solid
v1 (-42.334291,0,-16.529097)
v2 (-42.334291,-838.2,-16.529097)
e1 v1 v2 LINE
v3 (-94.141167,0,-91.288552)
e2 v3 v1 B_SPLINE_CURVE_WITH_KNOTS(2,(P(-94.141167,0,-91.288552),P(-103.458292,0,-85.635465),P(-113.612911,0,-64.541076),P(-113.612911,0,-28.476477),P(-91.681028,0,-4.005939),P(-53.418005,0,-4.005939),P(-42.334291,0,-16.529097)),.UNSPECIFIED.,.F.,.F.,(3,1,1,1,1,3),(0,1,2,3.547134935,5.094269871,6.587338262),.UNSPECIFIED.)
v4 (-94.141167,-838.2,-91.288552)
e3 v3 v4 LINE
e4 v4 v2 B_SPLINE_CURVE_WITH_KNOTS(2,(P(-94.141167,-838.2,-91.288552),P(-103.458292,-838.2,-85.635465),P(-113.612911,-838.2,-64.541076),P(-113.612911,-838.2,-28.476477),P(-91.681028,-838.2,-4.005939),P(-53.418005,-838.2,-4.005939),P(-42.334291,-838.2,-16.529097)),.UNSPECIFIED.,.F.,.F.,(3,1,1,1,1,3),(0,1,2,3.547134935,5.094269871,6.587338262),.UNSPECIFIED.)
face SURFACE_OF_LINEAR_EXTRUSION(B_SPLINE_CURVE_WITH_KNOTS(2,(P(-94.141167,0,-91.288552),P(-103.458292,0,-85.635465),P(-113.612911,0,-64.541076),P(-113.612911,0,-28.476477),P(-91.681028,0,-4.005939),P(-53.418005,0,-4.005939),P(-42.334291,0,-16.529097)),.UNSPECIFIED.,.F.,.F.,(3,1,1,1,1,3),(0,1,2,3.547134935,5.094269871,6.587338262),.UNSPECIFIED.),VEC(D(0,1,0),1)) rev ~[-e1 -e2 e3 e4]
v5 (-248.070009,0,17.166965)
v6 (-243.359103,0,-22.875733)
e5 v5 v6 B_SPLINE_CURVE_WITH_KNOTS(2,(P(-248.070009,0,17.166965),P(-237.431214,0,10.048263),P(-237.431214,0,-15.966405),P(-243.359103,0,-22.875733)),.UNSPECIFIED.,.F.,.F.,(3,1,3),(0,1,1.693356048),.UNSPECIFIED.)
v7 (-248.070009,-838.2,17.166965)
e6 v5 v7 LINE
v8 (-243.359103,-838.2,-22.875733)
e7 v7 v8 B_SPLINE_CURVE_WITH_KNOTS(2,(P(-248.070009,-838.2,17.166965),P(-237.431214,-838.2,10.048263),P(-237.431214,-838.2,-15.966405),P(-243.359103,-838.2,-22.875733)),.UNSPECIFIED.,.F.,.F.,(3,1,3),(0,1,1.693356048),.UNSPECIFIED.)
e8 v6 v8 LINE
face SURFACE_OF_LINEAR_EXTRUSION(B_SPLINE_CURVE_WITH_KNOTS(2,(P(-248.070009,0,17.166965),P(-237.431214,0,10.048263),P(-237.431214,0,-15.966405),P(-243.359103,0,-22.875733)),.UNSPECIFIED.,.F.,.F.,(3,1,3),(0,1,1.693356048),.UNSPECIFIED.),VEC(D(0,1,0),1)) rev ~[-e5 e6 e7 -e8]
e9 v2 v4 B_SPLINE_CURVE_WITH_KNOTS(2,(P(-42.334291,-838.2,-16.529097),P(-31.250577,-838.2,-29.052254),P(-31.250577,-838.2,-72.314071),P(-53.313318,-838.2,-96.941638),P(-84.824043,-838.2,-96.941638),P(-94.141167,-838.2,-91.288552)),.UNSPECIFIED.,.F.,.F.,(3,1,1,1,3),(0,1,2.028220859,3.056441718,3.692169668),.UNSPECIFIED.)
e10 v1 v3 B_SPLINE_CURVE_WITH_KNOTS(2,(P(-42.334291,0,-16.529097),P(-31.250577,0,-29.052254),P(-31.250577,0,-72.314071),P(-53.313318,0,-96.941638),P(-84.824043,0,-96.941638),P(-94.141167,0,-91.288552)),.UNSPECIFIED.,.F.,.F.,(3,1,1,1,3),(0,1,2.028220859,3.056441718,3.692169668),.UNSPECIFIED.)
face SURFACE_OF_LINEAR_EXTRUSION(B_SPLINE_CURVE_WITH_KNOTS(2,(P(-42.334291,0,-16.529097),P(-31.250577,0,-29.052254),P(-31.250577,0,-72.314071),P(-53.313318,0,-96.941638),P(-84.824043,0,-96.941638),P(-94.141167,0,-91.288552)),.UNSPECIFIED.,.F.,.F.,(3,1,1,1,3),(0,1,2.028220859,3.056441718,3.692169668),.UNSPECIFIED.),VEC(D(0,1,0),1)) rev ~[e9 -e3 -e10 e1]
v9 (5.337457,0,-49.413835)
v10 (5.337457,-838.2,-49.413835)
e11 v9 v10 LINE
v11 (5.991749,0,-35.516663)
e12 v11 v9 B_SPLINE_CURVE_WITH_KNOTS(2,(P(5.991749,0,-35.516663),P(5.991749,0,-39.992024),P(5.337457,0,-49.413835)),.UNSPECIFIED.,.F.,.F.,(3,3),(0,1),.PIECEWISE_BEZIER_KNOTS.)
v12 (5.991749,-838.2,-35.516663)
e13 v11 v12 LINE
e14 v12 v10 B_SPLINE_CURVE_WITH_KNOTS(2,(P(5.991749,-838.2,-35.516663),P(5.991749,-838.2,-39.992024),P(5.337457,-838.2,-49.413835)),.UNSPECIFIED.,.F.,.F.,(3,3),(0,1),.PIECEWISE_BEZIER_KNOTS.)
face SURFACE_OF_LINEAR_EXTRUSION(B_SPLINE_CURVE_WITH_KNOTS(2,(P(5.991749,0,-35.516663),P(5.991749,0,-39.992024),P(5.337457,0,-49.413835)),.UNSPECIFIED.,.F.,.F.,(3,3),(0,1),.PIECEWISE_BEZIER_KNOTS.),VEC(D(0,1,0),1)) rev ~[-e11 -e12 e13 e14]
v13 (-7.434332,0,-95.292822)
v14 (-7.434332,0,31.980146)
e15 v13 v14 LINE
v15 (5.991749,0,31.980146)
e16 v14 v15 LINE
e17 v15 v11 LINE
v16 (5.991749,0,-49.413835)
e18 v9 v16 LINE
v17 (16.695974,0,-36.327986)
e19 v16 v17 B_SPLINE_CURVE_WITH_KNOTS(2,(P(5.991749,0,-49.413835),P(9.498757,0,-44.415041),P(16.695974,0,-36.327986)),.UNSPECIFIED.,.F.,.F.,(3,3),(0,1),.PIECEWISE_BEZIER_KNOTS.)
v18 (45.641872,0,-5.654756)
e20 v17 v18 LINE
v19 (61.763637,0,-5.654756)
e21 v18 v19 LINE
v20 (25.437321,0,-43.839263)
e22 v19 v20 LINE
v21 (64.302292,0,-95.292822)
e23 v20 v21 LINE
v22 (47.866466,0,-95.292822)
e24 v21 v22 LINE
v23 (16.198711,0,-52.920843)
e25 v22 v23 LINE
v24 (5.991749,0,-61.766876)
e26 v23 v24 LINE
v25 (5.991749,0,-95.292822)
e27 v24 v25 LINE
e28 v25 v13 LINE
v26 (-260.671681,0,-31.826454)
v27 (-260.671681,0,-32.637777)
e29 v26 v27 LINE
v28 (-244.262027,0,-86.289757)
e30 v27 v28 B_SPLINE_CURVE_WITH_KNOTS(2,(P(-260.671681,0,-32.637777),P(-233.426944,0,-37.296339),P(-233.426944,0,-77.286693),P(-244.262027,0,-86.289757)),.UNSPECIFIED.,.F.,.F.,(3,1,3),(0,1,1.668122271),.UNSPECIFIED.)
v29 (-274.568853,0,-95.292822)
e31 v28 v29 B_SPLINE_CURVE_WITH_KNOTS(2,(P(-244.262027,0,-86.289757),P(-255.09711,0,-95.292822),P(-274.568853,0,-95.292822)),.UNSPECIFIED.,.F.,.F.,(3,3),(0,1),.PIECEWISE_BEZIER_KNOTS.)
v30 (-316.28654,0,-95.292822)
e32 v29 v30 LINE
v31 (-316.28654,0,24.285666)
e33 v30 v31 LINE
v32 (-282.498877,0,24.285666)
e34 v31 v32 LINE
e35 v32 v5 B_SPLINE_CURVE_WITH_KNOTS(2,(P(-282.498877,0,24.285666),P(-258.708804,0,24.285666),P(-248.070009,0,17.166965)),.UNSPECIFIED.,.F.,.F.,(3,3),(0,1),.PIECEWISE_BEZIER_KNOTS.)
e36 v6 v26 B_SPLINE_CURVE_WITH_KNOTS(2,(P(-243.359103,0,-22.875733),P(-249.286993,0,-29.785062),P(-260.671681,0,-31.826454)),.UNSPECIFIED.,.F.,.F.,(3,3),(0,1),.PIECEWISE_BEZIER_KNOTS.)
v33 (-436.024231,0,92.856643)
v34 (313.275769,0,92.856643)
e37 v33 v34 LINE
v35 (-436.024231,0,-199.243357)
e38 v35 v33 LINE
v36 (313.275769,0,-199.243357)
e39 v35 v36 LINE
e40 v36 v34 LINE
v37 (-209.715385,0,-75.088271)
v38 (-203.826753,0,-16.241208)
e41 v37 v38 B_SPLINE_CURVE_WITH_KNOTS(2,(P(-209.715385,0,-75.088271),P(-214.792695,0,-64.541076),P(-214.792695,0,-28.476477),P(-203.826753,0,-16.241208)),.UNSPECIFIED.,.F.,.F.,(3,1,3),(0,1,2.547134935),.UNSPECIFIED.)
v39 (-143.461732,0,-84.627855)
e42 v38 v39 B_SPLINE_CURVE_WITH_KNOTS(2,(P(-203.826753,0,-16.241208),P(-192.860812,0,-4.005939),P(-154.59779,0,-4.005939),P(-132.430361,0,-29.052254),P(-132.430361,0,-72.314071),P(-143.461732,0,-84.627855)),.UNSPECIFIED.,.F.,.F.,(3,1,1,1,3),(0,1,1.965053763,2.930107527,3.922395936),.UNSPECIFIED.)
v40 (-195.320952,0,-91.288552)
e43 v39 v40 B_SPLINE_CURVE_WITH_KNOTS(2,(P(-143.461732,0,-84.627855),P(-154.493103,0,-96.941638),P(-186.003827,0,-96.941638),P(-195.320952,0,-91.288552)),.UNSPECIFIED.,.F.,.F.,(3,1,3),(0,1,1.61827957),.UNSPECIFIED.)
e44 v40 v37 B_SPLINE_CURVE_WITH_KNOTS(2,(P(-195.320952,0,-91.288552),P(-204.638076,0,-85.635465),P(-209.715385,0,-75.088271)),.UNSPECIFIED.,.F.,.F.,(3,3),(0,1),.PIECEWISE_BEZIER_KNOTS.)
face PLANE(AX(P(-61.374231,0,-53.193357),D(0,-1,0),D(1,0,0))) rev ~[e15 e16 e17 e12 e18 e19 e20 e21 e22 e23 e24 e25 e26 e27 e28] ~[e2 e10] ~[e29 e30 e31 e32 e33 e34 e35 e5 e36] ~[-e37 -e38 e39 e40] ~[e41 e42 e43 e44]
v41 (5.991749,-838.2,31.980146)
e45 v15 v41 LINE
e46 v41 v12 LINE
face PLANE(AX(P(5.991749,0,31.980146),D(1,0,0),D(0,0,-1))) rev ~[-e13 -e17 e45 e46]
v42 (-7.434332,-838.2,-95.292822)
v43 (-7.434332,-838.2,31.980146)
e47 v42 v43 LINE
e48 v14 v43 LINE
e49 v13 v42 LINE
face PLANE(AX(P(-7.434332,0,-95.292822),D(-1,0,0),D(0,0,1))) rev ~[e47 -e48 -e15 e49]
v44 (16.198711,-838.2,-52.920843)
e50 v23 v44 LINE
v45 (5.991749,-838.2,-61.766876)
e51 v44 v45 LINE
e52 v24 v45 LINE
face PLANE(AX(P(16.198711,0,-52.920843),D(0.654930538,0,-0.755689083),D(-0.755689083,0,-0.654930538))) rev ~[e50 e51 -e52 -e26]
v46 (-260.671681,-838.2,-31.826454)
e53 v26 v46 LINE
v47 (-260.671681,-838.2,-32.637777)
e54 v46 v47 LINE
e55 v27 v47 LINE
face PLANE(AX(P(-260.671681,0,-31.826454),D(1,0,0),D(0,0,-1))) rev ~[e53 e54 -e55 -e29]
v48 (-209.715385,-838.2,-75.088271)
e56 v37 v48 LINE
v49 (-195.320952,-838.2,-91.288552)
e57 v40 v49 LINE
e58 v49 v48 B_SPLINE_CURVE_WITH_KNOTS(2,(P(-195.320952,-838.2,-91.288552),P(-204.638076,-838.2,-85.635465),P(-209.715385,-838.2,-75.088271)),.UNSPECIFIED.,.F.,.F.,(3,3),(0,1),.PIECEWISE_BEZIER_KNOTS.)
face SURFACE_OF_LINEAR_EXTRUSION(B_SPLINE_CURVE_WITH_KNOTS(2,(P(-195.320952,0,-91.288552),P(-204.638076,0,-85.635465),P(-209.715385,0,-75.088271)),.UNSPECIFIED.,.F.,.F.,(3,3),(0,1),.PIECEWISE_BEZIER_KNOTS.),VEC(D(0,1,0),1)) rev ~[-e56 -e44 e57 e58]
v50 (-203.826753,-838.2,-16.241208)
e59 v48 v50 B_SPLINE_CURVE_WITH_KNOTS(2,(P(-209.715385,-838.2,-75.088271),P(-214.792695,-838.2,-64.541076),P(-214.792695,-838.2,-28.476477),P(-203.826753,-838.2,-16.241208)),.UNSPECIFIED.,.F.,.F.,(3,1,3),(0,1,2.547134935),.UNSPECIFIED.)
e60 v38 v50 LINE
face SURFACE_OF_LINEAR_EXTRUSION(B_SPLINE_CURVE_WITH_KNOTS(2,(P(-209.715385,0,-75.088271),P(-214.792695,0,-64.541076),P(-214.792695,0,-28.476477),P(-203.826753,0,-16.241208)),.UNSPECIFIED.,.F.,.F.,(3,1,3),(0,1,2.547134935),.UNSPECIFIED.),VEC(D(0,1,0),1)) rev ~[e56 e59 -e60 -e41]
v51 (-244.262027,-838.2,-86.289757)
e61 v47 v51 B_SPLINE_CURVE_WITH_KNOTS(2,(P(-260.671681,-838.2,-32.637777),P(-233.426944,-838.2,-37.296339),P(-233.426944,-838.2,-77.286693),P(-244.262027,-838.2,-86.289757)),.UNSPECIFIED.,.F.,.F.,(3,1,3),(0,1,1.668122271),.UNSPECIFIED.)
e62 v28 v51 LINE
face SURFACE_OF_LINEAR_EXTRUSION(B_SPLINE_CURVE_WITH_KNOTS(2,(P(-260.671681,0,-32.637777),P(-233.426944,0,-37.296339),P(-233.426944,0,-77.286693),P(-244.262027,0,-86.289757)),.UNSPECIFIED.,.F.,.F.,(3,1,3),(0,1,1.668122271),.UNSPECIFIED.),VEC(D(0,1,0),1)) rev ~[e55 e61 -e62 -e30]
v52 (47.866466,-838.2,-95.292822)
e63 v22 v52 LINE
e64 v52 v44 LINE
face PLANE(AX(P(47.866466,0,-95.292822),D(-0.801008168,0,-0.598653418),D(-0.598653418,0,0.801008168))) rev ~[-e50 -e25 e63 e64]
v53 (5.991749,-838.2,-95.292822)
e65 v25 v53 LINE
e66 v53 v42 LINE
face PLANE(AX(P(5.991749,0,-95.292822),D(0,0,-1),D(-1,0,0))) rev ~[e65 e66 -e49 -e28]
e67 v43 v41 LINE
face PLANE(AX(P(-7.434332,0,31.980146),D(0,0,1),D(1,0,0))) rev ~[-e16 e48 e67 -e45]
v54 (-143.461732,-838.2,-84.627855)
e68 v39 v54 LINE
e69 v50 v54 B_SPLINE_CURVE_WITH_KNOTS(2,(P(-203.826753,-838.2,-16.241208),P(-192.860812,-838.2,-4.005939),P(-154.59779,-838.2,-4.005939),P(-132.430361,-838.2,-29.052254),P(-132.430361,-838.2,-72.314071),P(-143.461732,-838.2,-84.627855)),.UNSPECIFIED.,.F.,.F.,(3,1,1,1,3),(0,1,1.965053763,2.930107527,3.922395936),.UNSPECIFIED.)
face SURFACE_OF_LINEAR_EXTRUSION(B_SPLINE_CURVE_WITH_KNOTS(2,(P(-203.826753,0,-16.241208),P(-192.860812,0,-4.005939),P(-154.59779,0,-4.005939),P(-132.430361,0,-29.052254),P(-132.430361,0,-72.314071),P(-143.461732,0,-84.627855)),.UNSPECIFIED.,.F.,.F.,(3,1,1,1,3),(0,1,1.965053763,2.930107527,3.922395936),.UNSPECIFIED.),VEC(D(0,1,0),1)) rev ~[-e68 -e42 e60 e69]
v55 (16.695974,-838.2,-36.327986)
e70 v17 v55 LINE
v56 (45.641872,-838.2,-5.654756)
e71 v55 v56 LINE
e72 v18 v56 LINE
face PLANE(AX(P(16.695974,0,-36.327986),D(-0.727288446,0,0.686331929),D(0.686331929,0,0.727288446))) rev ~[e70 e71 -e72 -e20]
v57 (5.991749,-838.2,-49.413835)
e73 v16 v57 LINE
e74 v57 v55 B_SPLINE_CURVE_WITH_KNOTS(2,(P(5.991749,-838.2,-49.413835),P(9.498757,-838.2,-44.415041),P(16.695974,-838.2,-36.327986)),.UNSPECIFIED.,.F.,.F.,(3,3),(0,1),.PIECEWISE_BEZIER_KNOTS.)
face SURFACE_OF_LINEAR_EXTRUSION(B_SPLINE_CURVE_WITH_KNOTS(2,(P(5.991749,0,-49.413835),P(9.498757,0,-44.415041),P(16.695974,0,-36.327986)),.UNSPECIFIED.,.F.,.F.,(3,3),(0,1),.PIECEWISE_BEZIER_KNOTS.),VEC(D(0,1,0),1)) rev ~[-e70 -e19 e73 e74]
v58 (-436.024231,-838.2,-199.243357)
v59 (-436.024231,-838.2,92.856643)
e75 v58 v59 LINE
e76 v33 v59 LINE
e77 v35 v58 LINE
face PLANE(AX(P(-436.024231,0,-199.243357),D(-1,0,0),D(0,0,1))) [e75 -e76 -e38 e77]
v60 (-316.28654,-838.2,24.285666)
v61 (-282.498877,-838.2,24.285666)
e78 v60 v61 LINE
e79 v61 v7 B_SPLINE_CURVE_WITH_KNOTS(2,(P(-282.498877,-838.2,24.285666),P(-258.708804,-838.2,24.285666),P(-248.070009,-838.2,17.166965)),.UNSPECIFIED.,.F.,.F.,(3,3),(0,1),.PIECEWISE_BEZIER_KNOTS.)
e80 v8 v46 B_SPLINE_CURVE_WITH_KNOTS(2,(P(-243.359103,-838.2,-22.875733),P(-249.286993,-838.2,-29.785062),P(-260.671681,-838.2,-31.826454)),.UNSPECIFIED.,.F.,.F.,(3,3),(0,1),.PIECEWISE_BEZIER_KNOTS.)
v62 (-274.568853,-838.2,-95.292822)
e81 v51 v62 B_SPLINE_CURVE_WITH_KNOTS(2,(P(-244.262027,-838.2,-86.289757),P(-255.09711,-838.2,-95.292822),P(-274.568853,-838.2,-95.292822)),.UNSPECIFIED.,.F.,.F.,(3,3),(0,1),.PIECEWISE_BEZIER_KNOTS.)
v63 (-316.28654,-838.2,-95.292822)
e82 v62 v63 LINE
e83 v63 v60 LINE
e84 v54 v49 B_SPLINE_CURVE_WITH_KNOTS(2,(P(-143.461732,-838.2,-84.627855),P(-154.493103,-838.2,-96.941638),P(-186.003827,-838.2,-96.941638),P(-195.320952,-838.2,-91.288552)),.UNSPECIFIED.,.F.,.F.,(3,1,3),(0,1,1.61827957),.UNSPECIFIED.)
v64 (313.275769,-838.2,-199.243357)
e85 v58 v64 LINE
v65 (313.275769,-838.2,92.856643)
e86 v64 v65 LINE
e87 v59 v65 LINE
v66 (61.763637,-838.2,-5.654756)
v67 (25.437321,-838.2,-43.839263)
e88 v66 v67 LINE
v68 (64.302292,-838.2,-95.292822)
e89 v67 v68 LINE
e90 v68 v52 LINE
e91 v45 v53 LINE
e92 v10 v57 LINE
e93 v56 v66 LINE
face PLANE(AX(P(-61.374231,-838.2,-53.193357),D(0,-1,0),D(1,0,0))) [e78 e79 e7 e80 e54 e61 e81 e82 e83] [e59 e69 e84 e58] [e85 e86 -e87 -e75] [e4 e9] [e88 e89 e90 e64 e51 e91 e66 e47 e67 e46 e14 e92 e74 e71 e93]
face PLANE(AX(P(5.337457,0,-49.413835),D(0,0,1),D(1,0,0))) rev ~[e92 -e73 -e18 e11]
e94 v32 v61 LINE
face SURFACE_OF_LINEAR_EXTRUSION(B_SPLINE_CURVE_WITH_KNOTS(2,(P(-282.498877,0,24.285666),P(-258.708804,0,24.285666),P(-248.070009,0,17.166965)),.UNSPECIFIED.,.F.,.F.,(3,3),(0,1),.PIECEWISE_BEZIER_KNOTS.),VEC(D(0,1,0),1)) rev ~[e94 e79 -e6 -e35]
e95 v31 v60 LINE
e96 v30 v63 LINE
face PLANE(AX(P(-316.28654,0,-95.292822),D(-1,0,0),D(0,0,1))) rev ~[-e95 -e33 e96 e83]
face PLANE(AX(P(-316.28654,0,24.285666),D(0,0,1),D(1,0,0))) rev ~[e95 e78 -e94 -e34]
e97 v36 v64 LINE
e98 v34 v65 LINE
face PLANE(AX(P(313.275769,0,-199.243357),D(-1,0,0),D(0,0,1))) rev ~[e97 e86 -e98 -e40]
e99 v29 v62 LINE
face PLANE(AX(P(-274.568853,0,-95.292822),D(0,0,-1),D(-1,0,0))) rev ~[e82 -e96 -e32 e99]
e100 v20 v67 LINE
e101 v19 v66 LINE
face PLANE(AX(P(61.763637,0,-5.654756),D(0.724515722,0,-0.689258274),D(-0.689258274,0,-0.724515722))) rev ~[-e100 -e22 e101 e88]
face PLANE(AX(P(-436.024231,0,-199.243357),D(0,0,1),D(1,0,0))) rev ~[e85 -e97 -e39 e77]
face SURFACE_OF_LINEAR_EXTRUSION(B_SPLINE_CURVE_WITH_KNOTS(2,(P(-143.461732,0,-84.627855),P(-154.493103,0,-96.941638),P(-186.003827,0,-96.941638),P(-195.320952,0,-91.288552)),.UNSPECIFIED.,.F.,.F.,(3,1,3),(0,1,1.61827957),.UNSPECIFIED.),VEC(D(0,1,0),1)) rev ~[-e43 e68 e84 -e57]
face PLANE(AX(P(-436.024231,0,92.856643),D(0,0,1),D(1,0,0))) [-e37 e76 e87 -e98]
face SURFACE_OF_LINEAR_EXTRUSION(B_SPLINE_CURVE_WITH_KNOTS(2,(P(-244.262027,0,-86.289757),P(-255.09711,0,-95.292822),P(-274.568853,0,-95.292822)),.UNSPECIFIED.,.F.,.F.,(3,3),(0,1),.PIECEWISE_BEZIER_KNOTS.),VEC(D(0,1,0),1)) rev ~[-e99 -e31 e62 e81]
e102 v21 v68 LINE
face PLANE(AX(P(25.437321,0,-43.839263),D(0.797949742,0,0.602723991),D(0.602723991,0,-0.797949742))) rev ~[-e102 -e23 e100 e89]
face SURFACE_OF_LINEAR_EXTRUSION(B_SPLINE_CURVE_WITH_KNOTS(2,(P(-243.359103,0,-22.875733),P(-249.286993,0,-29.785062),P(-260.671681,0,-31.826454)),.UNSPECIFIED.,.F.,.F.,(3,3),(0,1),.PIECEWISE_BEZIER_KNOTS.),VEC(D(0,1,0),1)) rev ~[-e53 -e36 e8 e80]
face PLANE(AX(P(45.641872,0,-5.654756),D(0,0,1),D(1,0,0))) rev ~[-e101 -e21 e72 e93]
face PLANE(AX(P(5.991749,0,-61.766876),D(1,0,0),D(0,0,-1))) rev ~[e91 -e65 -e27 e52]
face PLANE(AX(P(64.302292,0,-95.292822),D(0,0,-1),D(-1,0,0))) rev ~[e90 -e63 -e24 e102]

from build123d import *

# Parameters (mm, degrees)
F0_W     = 749.3
F0_H     = 292.1
F1_DEPTH = 838.2


with BuildPart() as f1:
    # F0 (on Front) → F1 (new body)
    with BuildSketch(Plane.XZ):
        with Locations((-61.3742305432, -53.1933567903)):
            Rectangle(F0_W, F0_H)
        with BuildLine():
            Line((-316.2865395393, -95.2928215265), (-316.2865395393, 24.2856664384))
            Line((-316.2865395393, 24.2856664384), (-282.4988774769, 24.2856664384))
            add(Edge.make_bspline(
                [(-282.4988774769, 24.2856664384), (-258.7088040341, 24.2856664384), (-248.0700088147, 17.1669645942)],
                knots=[0, 0, 0, 1, 1, 1], degree=2))
            add(Edge.make_bspline(
                [(-248.0700088147, 17.1669645942), (-237.4312135952, 10.0482627499), (-237.4312135952, -5.3145239508)],
                knots=[0, 0, 0, 1, 1, 1], degree=2))
            add(Edge.make_bspline(
                [(-237.4312135952, -5.3145239508), (-237.4312135952, -15.9664050192), (-243.3591031824, -22.8757332799)],
                knots=[0, 0, 0, 1, 1, 1], degree=2))
            add(Edge.make_bspline(
                [(-243.3591031824, -22.8757332799), (-249.2869927697, -29.7850615405), (-260.6716813809, -31.8264539811)],
                knots=[0, 0, 0, 1, 1, 1], degree=2))
            Line((-260.6716813809, -31.8264539811), (-260.6716813809, -32.6377766178))
            add(Edge.make_bspline(
                [(-260.6716813809, -32.6377766178), (-233.4269438078, -37.2963388541), (-233.4269438078, -61.2696141826)],
                knots=[0, 0, 0, 1, 1, 1], degree=2))
            add(Edge.make_bspline(
                [(-233.4269438078, -61.2696141826), (-233.4269438078, -77.2866933322), (-244.2620267619, -86.2897574294)],
                knots=[0, 0, 0, 1, 1, 1], degree=2))
            add(Edge.make_bspline(
                [(-244.2620267619, -86.2897574294), (-255.0971097161, -95.2928215265), (-274.568852996, -95.2928215265)],
                knots=[0, 0, 0, 1, 1, 1], degree=2))
            Line((-274.568852996, -95.2928215265), (-316.2865395393, -95.2928215265))
        make_face(mode=Mode.SUBTRACT)
        with BuildLine():
            add(Edge.make_bspline(
                [(-143.514075477, -16.5290965253), (-132.4303613922, -29.0522539977), (-132.4303613922, -50.3821878325)],
                knots=[0, 0, 0, 1, 1, 1], degree=2))
            add(Edge.make_bspline(
                [(-132.4303613922, -50.3821878325), (-132.4303613922, -72.3140707204), (-143.4617320811, -84.6278546091)],
                knots=[0, 0, 0, 1, 1, 1], degree=2))
            add(Edge.make_bspline(
                [(-143.4617320811, -84.6278546091), (-154.4931027699, -96.9416384978), (-173.9648460498, -96.9416384978)],
                knots=[0, 0, 0, 1, 1, 1], degree=2))
            add(Edge.make_bspline(
                [(-173.9648460498, -96.9416384978), (-186.0038271099, -96.9416384978), (-195.3209515826, -91.2885517391)],
                knots=[0, 0, 0, 1, 1, 1], degree=2))
            add(Edge.make_bspline(
                [(-195.3209515826, -91.2885517391), (-204.6380760552, -85.6354649804), (-209.7153854589, -75.0882707038)],
                knots=[0, 0, 0, 1, 1, 1], degree=2))
            add(Edge.make_bspline(
                [(-209.7153854589, -75.0882707038), (-214.7926948625, -64.5410764272), (-214.7926948625, -50.3821878325)],
                knots=[0, 0, 0, 1, 1, 1], degree=2))
            add(Edge.make_bspline(
                [(-214.7926948625, -50.3821878325), (-214.7926948625, -28.4764766426), (-203.8267534186, -16.2412078478)],
                knots=[0, 0, 0, 1, 1, 1], degree=2))
            add(Edge.make_bspline(
                [(-203.8267534186, -16.2412078478), (-192.8608119746, -4.005939053), (-173.3890686947, -4.005939053)],
                knots=[0, 0, 0, 1, 1, 1], degree=2))
            add(Edge.make_bspline(
                [(-173.3890686947, -4.005939053), (-154.5977895617, -4.005939053), (-143.514075477, -16.5290965253)],
                knots=[0, 0, 0, 1, 1, 1], degree=2))
        make_face(mode=Mode.SUBTRACT)
        with BuildLine():
            add(Edge.make_bspline(
                [(-42.3342911757, -16.5290965253), (-31.250577091, -29.0522539977), (-31.250577091, -50.3821878325)],
                knots=[0, 0, 0, 1, 1, 1], degree=2))
            add(Edge.make_bspline(
                [(-31.250577091, -50.3821878325), (-31.250577091, -72.3140707204), (-42.2819477798, -84.6278546091)],
                knots=[0, 0, 0, 1, 1, 1], degree=2))
            add(Edge.make_bspline(
                [(-42.2819477798, -84.6278546091), (-53.3133184686, -96.9416384978), (-72.7850617485, -96.9416384978)],
                knots=[0, 0, 0, 1, 1, 1], degree=2))
            add(Edge.make_bspline(
                [(-72.7850617485, -96.9416384978), (-84.8240428087, -96.9416384978), (-94.1411672813, -91.2885517391)],
                knots=[0, 0, 0, 1, 1, 1], degree=2))
            add(Edge.make_bspline(
                [(-94.1411672813, -91.2885517391), (-103.458291754, -85.6354649804), (-108.5356011576, -75.0882707038)],
                knots=[0, 0, 0, 1, 1, 1], degree=2))
            add(Edge.make_bspline(
                [(-108.5356011576, -75.0882707038), (-113.6129105612, -64.5410764272), (-113.6129105612, -50.3821878325)],
                knots=[0, 0, 0, 1, 1, 1], degree=2))
            add(Edge.make_bspline(
                [(-113.6129105612, -50.3821878325), (-113.6129105612, -28.4764766426), (-102.6469691173, -16.2412078478)],
                knots=[0, 0, 0, 1, 1, 1], degree=2))
            add(Edge.make_bspline(
                [(-102.6469691173, -16.2412078478), (-91.6810276734, -4.005939053), (-72.2092843935, -4.005939053)],
                knots=[0, 0, 0, 1, 1, 1], degree=2))
            add(Edge.make_bspline(
                [(-72.2092843935, -4.005939053), (-53.4180052604, -4.005939053), (-42.3342911757, -16.5290965253)],
                knots=[0, 0, 0, 1, 1, 1], degree=2))
        make_face(mode=Mode.SUBTRACT)
        with BuildLine():
            Line((5.3374566527, -49.4138350081), (5.9917491017, -49.4138350081))
            add(Edge.make_bspline(
                [(5.9917491017, -49.4138350081), (9.4987566279, -44.4150406984), (16.695973566, -36.3279860297)],
                knots=[0, 0, 0, 1, 1, 1], degree=2))
            Line((16.695973566, -36.3279860297), (45.6418715063, -5.6547560242))
            Line((45.6418715063, -5.6547560242), (61.7636374478, -5.6547560242))
            Line((61.7636374478, -5.6547560242), (25.4373206836, -43.8392633433))
            Line((25.4373206836, -43.8392633433), (64.3022921496, -95.2928215265))
            Line((64.3022921496, -95.2928215265), (47.8664658327, -95.2928215265))
            Line((47.8664658327, -95.2928215265), (16.1987113048, -52.9208425344))
            Line((16.1987113048, -52.9208425344), (5.9917491017, -61.7668764438))
            Line((5.9917491017, -61.7668764438), (5.9917491017, -95.2928215265))
            Line((5.9917491017, -95.2928215265), (-7.4343319502, -95.2928215265))
            Line((-7.4343319502, -95.2928215265), (-7.4343319502, 31.9801456377))
            Line((-7.4343319502, 31.9801456377), (5.9917491017, 31.9801456377))
            Line((5.9917491017, 31.9801456377), (5.9917491017, -35.516663393))
            add(Edge.make_bspline(
                [(5.9917491017, -35.516663393), (5.9917491017, -39.9920237437), (5.3374566527, -49.4138350081)],
                knots=[0, 0, 0, 1, 1, 1], degree=2))
        make_face(mode=Mode.SUBTRACT)
    extrude(amount=F1_DEPTH)


solid = f1.part
